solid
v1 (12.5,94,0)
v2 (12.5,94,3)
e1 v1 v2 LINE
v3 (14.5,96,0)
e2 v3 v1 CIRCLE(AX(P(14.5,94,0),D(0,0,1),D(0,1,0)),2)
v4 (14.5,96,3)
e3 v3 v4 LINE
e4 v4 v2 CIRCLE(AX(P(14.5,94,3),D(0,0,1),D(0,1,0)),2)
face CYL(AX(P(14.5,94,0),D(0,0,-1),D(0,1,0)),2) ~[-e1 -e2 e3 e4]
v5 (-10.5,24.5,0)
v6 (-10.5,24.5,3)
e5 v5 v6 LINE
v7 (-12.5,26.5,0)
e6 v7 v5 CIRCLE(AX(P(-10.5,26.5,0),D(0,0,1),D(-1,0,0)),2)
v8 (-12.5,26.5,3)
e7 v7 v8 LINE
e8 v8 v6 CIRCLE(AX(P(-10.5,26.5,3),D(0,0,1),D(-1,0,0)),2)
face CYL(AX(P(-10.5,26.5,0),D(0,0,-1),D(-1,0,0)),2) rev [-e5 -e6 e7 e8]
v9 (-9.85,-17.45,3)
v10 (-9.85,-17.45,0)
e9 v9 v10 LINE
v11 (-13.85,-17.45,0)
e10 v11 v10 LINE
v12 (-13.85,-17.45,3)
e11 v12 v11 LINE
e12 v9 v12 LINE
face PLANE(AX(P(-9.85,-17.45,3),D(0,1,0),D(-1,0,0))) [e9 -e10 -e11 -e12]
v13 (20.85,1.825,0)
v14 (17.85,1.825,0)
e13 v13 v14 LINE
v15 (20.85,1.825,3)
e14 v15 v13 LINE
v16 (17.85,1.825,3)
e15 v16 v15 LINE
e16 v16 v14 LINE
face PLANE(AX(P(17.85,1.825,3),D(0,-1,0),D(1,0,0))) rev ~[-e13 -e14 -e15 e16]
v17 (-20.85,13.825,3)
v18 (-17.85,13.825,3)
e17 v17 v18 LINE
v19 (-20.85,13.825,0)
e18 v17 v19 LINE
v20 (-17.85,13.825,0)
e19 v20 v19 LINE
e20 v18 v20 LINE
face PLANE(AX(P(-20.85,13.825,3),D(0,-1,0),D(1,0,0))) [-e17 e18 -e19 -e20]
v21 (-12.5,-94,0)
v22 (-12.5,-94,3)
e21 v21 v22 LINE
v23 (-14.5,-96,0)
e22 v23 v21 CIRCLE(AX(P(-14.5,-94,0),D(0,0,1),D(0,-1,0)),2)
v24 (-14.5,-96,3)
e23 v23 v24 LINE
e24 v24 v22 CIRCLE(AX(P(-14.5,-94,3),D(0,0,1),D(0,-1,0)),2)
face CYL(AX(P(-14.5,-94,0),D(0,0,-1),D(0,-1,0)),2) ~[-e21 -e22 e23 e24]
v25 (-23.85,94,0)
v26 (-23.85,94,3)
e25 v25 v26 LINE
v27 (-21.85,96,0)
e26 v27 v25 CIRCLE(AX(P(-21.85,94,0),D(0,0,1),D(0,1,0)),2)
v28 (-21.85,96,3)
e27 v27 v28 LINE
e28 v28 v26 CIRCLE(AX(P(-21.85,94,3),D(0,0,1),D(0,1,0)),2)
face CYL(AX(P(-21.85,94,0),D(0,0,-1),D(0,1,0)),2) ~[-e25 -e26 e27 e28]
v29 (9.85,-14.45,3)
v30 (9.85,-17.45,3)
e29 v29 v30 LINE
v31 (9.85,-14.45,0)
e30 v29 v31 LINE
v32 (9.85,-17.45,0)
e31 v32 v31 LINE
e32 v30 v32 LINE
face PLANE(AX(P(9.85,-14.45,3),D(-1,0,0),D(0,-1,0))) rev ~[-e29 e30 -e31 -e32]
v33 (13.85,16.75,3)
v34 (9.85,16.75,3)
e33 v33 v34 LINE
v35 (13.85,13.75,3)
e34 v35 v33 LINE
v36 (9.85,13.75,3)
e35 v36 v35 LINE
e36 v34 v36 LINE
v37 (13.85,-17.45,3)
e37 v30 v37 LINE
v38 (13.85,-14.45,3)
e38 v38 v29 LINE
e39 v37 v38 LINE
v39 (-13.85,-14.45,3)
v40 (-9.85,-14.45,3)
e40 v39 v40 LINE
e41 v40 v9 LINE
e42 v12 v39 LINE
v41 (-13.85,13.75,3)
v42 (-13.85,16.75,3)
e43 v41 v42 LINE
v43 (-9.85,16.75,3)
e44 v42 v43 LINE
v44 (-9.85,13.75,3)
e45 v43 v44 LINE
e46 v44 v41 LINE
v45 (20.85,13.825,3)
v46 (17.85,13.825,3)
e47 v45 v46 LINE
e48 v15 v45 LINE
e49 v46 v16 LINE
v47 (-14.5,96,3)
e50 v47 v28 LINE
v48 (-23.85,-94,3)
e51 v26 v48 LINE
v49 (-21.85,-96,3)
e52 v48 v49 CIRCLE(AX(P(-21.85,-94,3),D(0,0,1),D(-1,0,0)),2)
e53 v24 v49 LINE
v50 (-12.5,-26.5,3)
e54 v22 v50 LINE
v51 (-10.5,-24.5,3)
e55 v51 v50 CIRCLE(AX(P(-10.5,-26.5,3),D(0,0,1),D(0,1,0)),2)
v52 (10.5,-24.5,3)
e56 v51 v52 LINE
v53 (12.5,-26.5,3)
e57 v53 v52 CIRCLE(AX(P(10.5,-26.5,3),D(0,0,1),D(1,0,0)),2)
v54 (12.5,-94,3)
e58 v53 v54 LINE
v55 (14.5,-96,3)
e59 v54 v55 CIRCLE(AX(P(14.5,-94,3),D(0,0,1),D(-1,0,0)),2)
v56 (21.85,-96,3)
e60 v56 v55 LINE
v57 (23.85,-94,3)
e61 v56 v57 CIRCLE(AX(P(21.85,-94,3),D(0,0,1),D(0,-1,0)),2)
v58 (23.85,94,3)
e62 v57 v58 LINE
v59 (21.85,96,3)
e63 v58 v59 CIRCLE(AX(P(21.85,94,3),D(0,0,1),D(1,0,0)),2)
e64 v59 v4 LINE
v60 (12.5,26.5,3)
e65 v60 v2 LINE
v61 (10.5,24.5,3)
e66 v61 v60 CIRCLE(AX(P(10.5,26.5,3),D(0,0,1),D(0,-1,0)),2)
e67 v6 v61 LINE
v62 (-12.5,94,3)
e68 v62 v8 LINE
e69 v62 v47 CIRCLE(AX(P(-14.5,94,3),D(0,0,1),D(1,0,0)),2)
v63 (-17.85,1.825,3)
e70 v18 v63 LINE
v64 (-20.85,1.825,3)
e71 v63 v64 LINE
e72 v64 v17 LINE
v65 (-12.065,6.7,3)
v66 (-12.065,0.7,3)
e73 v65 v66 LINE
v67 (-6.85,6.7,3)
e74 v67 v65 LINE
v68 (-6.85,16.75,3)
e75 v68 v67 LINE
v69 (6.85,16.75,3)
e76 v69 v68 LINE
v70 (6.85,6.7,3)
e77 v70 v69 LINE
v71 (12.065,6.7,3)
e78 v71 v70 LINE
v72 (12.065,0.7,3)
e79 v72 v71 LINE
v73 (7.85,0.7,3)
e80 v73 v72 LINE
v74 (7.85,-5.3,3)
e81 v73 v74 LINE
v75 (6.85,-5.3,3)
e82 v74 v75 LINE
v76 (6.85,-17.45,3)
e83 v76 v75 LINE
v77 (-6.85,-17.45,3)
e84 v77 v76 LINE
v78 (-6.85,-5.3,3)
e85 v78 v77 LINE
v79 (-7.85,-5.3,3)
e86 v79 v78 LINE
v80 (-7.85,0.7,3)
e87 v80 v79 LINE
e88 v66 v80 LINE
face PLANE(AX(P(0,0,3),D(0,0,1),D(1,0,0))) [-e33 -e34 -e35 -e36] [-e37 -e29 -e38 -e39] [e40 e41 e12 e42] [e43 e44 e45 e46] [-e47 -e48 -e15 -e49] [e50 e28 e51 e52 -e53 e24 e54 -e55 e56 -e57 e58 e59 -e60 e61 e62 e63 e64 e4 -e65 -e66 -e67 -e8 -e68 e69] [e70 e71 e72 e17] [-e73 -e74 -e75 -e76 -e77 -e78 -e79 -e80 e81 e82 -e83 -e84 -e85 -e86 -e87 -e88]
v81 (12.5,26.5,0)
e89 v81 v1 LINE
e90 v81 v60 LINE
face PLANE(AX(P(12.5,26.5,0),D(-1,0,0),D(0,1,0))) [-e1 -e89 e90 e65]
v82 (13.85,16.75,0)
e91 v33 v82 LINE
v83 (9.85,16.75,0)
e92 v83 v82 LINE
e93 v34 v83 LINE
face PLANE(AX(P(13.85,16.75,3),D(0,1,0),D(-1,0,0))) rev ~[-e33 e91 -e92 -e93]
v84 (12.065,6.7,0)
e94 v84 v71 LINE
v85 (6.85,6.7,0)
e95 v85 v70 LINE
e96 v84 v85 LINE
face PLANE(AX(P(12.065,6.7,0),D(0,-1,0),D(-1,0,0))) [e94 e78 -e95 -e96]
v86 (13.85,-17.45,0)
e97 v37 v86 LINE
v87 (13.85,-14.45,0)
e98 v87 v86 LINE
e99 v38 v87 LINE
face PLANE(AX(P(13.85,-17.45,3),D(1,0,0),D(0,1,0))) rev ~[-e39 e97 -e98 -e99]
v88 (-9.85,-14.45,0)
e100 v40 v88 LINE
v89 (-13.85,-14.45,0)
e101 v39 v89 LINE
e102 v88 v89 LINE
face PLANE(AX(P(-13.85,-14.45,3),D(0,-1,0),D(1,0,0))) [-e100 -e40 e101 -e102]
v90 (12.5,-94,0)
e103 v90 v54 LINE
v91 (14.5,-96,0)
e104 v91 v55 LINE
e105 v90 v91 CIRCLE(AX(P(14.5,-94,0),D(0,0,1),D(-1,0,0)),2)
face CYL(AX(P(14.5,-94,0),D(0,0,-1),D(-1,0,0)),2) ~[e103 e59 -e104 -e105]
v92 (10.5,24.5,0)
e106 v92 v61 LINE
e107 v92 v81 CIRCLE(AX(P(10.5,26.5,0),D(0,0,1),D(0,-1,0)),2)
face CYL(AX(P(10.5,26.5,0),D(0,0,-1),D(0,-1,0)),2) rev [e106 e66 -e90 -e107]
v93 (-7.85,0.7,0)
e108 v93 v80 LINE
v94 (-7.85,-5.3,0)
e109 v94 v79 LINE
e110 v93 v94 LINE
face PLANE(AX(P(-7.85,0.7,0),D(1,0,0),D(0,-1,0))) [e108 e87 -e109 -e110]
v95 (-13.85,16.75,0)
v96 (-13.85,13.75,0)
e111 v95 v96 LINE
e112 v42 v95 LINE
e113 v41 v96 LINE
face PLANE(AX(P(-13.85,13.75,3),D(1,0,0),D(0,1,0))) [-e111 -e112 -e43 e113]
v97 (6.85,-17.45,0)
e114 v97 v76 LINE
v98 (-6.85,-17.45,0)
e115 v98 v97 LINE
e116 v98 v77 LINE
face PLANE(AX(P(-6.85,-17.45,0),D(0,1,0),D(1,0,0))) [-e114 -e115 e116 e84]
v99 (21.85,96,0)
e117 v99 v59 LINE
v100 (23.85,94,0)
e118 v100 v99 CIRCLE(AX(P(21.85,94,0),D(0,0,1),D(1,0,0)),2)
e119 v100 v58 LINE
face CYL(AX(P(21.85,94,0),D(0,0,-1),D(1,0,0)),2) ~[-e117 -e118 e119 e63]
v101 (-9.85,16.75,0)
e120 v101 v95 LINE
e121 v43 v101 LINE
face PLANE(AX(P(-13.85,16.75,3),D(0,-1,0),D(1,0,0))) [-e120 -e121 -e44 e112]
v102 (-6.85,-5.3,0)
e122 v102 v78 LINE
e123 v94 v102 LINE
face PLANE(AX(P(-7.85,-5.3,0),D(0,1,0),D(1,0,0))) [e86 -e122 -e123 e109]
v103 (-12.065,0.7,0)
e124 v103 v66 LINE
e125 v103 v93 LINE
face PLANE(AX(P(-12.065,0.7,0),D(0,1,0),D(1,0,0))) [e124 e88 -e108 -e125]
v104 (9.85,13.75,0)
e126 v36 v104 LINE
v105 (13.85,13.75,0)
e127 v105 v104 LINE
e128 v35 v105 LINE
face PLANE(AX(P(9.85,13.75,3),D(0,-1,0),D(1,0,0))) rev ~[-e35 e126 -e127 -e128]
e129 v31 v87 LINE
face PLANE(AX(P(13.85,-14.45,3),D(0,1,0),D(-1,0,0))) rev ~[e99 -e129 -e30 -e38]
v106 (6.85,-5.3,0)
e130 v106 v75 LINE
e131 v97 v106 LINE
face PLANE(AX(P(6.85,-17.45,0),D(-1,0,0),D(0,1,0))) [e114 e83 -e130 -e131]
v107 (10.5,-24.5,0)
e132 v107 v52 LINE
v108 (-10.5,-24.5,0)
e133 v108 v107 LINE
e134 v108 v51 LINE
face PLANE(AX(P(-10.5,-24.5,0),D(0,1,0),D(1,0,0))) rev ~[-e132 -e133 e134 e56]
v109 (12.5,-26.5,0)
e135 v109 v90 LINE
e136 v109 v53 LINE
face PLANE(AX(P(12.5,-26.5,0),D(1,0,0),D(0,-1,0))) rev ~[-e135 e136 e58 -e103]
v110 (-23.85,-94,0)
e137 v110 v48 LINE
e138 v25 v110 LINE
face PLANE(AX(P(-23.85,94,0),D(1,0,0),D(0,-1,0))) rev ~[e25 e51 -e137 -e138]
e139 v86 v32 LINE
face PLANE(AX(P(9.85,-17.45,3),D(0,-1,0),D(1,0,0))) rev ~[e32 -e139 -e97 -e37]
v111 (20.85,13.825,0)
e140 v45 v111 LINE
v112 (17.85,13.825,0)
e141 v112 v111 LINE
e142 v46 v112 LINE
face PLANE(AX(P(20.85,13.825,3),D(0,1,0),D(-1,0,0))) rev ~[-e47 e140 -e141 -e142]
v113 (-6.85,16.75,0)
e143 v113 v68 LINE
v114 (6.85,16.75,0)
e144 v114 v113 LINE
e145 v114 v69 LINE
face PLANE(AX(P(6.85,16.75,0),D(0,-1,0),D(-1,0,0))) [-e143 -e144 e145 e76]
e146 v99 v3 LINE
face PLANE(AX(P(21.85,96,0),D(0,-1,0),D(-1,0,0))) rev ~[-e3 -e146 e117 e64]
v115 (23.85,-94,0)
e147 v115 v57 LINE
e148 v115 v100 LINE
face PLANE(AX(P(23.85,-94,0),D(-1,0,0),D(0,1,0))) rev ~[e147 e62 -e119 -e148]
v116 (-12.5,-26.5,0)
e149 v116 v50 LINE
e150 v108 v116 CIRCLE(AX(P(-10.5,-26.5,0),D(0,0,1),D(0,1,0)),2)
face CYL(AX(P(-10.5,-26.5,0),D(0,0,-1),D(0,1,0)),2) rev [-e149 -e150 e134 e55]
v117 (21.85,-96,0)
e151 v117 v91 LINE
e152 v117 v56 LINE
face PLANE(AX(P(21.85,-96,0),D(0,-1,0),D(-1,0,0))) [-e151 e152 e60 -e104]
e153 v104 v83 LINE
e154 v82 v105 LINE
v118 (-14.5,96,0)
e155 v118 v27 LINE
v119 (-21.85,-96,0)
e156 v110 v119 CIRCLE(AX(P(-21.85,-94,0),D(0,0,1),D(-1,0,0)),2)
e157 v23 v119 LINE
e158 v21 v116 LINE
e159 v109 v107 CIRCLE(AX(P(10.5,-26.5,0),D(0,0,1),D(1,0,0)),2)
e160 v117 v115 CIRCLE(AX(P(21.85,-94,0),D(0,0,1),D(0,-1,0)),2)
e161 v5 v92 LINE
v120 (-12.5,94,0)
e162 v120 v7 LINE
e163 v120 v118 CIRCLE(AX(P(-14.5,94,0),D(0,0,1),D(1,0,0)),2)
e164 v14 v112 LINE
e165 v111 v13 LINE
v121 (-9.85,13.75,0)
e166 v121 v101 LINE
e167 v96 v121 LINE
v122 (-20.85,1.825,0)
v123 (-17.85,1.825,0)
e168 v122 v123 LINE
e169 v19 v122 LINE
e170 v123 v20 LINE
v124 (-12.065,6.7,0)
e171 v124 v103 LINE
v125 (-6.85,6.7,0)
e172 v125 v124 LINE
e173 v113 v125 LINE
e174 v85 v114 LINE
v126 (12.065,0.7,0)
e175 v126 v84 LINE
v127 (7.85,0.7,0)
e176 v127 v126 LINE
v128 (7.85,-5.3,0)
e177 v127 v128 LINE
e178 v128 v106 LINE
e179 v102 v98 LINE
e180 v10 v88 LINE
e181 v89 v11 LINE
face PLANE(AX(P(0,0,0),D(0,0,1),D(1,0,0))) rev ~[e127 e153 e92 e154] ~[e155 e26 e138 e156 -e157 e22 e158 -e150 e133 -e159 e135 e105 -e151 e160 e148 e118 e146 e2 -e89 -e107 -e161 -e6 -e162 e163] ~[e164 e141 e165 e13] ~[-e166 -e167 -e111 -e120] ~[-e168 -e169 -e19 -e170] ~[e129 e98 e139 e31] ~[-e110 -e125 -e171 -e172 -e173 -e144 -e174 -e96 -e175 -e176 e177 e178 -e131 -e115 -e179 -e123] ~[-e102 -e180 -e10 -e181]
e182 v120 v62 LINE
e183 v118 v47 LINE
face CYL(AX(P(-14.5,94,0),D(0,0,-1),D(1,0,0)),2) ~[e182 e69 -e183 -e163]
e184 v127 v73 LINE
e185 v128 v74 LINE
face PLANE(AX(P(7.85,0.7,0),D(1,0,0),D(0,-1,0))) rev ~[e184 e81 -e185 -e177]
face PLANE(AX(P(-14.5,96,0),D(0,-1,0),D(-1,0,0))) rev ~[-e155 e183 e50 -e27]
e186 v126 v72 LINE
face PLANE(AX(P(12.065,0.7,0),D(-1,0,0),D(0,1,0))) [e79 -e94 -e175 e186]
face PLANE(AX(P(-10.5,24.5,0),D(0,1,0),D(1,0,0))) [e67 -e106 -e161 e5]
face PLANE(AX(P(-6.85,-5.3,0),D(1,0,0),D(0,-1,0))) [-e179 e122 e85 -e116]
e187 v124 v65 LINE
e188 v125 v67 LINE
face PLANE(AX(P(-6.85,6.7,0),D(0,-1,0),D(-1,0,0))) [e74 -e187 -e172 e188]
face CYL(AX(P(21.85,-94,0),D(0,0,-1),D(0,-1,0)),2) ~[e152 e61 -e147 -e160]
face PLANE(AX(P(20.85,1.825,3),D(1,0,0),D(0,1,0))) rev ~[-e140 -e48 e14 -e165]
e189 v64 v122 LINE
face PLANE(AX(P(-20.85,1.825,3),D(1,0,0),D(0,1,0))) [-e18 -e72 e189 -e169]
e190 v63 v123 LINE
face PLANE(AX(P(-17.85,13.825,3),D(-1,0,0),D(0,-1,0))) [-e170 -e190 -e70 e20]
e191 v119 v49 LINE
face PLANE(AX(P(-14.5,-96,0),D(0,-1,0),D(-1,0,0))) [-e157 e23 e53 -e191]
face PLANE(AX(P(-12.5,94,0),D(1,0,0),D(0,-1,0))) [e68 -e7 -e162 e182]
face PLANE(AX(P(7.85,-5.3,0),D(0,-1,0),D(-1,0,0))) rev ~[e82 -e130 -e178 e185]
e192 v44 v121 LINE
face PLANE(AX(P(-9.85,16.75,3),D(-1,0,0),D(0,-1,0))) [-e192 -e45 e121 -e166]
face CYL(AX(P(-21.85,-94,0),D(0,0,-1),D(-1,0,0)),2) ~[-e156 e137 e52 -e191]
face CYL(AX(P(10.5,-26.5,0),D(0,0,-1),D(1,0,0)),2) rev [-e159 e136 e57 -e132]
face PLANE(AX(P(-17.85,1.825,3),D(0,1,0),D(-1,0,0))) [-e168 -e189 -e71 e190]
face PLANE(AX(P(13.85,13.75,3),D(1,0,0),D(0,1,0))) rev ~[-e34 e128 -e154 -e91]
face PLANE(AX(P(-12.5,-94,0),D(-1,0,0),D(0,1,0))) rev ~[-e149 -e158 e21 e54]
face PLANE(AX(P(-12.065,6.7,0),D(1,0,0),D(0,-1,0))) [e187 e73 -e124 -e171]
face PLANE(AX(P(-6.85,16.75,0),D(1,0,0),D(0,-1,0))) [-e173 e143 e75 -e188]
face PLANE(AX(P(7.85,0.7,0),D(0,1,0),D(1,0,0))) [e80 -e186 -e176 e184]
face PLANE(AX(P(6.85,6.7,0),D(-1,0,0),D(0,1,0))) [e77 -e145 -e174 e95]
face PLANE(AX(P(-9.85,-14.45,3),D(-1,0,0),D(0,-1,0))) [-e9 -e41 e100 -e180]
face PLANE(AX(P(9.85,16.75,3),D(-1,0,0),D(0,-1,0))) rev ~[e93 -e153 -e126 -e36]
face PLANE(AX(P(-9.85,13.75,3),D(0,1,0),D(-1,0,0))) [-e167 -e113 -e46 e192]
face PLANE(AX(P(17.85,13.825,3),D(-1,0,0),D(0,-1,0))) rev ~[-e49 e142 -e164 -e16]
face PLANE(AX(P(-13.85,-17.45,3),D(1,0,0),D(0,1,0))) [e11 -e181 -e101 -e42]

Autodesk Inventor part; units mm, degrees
ref_plane "YZ Plane" through (0, 0, 0) normal (1, 0, 0) x (0, 1, 0)
ref_plane "XZ Plane" through (0, 0, 0) normal (0, 1, 0) x (-1, 0, 0)
ref_plane "XY Plane" through (0, 0, 0) normal (0, 0, 1) x (1, 0, 0)
sketch "草圖1" plane through (0, 0, 0) normal (0, 0, 1) x (1, 0, 0)
  line L0 (-23.85, -96) -> (23.85, 96) construction
  line L1 (23.85, -96) -> (-23.85, 96) construction
  line L2 (0, 132.6999) -> (0, -156.3836) construction
  line L3 (-23.85, 94) -> (-23.85, -94)
  line L4 (23.85, -94) -> (23.85, 94)
  line L5 (-10.5, 24.5) -> (10.5, 24.5)
  line L6 (12.5, 26.5) -> (12.5, 94)
  line L7 (-12.5, 94) -> (-12.5, 26.5)
  line L8 (-12.5, 24.5) -> (12.5, 96) construction
  line L9 (12.5, 24.5) -> (-12.5, 96) construction
  line L10 (21.85, 96) -> (14.5, 96)
  line L11 (-14.5, 96) -> (-21.85, 96)
  arc A0 (-12.5, 94) -> (-14.5, 96) centre (-14.5, 94) ccw
  arc A1 (14.5, 96) -> (12.5, 94) centre (14.5, 94) ccw
  arc A2 (-12.5, 26.5) -> (-10.5, 24.5) centre (-10.5, 26.5) ccw
  arc A3 (10.5, 24.5) -> (12.5, 26.5) centre (10.5, 26.5) ccw
  arc A4 (-21.85, 96) -> (-23.85, 94) centre (-21.85, 94) ccw
  arc A5 (23.85, 94) -> (21.85, 96) centre (21.85, 94) ccw
  line L12 (-82.8255, 0) -> (86.4929, 0) construction
  line L13 (-10.5, -24.5) -> (10.5, -24.5)
  line L14 (12.5, -26.5) -> (12.5, -94)
  line L15 (-12.5, -94) -> (-12.5, -26.5)
  line L16 (-12.5, -24.5) -> (12.5, -96) construction
  line L17 (12.5, -24.5) -> (-12.5, -96) construction
  line L18 (21.85, -96) -> (14.5, -96)
  line L19 (-14.5, -96) -> (-21.85, -96)
  arc A6 (-14.5, -96) -> (-12.5, -94) centre (-14.5, -94) ccw
  arc A7 (12.5, -94) -> (14.5, -96) centre (14.5, -94) ccw
  arc A8 (-10.5, -24.5) -> (-12.5, -26.5) centre (-10.5, -26.5) ccw
  arc A9 (12.5, -26.5) -> (10.5, -24.5) centre (10.5, -26.5) ccw
  arc A10 (-23.85, -94) -> (-21.85, -96) centre (-21.85, -94) ccw
  arc A11 (21.85, -96) -> (23.85, -94) centre (21.85, -94) ccw
  line L20 (-21.85, -96) -> (-14.5, -96)
  line L21 (14.5, -96) -> (21.85, -96)
  line L22 (-6.85, -17.45) -> (6.85, -17.45)
  line L23 (6.85, 16.75) -> (-6.85, 16.75)
  line L24 (12.065, 0.7) -> (12.065, 6.7)
  line L25 (-12.065, 6.7) -> (-12.065, 0.7)
  line L26 (-12.065, 0.7) -> (12.065, 6.7) construction
  line L27 (12.065, 0.7) -> (-12.065, 6.7) construction
  line L28 (-6.85, 16.75) -> (-6.85, 6.7)
  line L29 (6.85, 6.7) -> (6.85, 16.75)
  line L30 (12.065, 6.7) -> (6.85, 6.7)
  line L31 (7.85, 0.7) -> (12.065, 0.7)
  line L32 (-12.065, 0.7) -> (-7.85, 0.7)
  line L33 (-6.85, 6.7) -> (-12.065, 6.7)
  line L34 (-7.85, 0.7) -> (-7.85, -5.3)
  line L35 (-7.85, -5.3) -> (-6.85, -5.3)
  line L36 (-6.85, -5.3) -> (-6.85, -17.45)
  line L37 (7.85, 0.7) -> (7.85, -5.3)
  line L38 (7.85, -5.3) -> (6.85, -5.3)
  line L39 (6.85, -17.45) -> (6.85, -5.3)
  point P0 (0, 0)
  point P1 (0, 60.25)
  point P2 (0, -60.25)
  point P3 (0, 3.7)
  point P4 (12.065, 3.7)
  point P5 (-23.85, -94)
  dimension "d0" = 47.7
  dimension "d22" = 25
  dimension "d24" = 2
  dimension "d25" = 2
  dimension "d26" = 34.2
  dimension "d27" = 13.7
  dimension "d28" = 6
  dimension "d30" = 24.13
  dimension "d31" = 10.05
  dimension "d97" = 6
  dimension "d98" = 1
  dimension "d101" = 0.7
  dimension "d103" = 192
  dimension "d104" = 7.75
extrude "擠出1" add sketch "草圖1" along normal blind 3
sketch "草圖3" plane through (0, 0, 3) normal (0, 0, 1) x (1, 0, 0)
  line L0 (-88.1264, 0) -> (75.7938, 0)
  line L1 (0, 123.8394) -> (0, -129.4918)
  point P0 (0, 0)
sketch "草圖5" plane through (0, 0, 3) normal (0, 0, 1) x (1, 0, 0)
  line L0 (-9.85, -17.45) -> (-13.85, -17.45)
  line L1 (-13.85, -17.45) -> (-13.85, -14.45)
  line L2 (-13.85, -14.45) -> (-9.85, -14.45)
  line L3 (-9.85, -14.45) -> (-9.85, -17.45)
  line L4 (6.85, -17.45) -> (-6.85, -17.45) projected
  line L5 (-9.85, 13.75) -> (-13.85, 13.75)
  line L6 (-13.85, 13.75) -> (-13.85, 16.75)
  line L7 (-13.85, 16.75) -> (-9.85, 16.75)
  line L8 (-9.85, 16.75) -> (-9.85, 13.75)
  line L9 (-6.85, 16.75) -> (6.85, 16.75) projected
  line L10 (0, 31.1544) -> (0, -25.4134)
  line L11 (9.85, -17.45) -> (13.85, -17.45)
  line L12 (13.85, -17.45) -> (13.85, -14.45)
  line L13 (13.85, -14.45) -> (9.85, -14.45)
  line L14 (9.85, -14.45) -> (9.85, -17.45)
  line L15 (13.85, 16.75) -> (9.85, 16.75)
  line L16 (13.85, 13.75) -> (13.85, 16.75)
  line L17 (9.85, 13.75) -> (13.85, 13.75)
  line L18 (9.85, 16.75) -> (9.85, 13.75)
  line L19 (-17.85, 1.825) -> (-20.85, 1.825)
  line L20 (-20.85, 1.825) -> (-20.85, 13.825)
  line L21 (-20.85, 13.825) -> (-17.85, 13.825)
  line L22 (-17.85, 13.825) -> (-17.85, 1.825)
  line L23 (17.85, 1.825) -> (20.85, 1.825)
  line L24 (20.85, 1.825) -> (20.85, 13.825)
  line L25 (20.85, 13.825) -> (17.85, 13.825)
  line L26 (17.85, 13.825) -> (17.85, 1.825)
  line L27 (-6.85, -17.45) -> (-6.85, 16.75) construction
  point P0 (0, 0)
  dimension "d60" = 4
  dimension "d62" = 3
  dimension "d64" = 3
  dimension "d66" = 3
  dimension "d67" = 12
  dimension "d96" = 3
  dimension "d100" = 11
  dimension "d102" = 0.075
extrude "擠出4" cut sketch "草圖5" against normal up to next
properties part number "main_frame_long" material "木材 (楓木)"
